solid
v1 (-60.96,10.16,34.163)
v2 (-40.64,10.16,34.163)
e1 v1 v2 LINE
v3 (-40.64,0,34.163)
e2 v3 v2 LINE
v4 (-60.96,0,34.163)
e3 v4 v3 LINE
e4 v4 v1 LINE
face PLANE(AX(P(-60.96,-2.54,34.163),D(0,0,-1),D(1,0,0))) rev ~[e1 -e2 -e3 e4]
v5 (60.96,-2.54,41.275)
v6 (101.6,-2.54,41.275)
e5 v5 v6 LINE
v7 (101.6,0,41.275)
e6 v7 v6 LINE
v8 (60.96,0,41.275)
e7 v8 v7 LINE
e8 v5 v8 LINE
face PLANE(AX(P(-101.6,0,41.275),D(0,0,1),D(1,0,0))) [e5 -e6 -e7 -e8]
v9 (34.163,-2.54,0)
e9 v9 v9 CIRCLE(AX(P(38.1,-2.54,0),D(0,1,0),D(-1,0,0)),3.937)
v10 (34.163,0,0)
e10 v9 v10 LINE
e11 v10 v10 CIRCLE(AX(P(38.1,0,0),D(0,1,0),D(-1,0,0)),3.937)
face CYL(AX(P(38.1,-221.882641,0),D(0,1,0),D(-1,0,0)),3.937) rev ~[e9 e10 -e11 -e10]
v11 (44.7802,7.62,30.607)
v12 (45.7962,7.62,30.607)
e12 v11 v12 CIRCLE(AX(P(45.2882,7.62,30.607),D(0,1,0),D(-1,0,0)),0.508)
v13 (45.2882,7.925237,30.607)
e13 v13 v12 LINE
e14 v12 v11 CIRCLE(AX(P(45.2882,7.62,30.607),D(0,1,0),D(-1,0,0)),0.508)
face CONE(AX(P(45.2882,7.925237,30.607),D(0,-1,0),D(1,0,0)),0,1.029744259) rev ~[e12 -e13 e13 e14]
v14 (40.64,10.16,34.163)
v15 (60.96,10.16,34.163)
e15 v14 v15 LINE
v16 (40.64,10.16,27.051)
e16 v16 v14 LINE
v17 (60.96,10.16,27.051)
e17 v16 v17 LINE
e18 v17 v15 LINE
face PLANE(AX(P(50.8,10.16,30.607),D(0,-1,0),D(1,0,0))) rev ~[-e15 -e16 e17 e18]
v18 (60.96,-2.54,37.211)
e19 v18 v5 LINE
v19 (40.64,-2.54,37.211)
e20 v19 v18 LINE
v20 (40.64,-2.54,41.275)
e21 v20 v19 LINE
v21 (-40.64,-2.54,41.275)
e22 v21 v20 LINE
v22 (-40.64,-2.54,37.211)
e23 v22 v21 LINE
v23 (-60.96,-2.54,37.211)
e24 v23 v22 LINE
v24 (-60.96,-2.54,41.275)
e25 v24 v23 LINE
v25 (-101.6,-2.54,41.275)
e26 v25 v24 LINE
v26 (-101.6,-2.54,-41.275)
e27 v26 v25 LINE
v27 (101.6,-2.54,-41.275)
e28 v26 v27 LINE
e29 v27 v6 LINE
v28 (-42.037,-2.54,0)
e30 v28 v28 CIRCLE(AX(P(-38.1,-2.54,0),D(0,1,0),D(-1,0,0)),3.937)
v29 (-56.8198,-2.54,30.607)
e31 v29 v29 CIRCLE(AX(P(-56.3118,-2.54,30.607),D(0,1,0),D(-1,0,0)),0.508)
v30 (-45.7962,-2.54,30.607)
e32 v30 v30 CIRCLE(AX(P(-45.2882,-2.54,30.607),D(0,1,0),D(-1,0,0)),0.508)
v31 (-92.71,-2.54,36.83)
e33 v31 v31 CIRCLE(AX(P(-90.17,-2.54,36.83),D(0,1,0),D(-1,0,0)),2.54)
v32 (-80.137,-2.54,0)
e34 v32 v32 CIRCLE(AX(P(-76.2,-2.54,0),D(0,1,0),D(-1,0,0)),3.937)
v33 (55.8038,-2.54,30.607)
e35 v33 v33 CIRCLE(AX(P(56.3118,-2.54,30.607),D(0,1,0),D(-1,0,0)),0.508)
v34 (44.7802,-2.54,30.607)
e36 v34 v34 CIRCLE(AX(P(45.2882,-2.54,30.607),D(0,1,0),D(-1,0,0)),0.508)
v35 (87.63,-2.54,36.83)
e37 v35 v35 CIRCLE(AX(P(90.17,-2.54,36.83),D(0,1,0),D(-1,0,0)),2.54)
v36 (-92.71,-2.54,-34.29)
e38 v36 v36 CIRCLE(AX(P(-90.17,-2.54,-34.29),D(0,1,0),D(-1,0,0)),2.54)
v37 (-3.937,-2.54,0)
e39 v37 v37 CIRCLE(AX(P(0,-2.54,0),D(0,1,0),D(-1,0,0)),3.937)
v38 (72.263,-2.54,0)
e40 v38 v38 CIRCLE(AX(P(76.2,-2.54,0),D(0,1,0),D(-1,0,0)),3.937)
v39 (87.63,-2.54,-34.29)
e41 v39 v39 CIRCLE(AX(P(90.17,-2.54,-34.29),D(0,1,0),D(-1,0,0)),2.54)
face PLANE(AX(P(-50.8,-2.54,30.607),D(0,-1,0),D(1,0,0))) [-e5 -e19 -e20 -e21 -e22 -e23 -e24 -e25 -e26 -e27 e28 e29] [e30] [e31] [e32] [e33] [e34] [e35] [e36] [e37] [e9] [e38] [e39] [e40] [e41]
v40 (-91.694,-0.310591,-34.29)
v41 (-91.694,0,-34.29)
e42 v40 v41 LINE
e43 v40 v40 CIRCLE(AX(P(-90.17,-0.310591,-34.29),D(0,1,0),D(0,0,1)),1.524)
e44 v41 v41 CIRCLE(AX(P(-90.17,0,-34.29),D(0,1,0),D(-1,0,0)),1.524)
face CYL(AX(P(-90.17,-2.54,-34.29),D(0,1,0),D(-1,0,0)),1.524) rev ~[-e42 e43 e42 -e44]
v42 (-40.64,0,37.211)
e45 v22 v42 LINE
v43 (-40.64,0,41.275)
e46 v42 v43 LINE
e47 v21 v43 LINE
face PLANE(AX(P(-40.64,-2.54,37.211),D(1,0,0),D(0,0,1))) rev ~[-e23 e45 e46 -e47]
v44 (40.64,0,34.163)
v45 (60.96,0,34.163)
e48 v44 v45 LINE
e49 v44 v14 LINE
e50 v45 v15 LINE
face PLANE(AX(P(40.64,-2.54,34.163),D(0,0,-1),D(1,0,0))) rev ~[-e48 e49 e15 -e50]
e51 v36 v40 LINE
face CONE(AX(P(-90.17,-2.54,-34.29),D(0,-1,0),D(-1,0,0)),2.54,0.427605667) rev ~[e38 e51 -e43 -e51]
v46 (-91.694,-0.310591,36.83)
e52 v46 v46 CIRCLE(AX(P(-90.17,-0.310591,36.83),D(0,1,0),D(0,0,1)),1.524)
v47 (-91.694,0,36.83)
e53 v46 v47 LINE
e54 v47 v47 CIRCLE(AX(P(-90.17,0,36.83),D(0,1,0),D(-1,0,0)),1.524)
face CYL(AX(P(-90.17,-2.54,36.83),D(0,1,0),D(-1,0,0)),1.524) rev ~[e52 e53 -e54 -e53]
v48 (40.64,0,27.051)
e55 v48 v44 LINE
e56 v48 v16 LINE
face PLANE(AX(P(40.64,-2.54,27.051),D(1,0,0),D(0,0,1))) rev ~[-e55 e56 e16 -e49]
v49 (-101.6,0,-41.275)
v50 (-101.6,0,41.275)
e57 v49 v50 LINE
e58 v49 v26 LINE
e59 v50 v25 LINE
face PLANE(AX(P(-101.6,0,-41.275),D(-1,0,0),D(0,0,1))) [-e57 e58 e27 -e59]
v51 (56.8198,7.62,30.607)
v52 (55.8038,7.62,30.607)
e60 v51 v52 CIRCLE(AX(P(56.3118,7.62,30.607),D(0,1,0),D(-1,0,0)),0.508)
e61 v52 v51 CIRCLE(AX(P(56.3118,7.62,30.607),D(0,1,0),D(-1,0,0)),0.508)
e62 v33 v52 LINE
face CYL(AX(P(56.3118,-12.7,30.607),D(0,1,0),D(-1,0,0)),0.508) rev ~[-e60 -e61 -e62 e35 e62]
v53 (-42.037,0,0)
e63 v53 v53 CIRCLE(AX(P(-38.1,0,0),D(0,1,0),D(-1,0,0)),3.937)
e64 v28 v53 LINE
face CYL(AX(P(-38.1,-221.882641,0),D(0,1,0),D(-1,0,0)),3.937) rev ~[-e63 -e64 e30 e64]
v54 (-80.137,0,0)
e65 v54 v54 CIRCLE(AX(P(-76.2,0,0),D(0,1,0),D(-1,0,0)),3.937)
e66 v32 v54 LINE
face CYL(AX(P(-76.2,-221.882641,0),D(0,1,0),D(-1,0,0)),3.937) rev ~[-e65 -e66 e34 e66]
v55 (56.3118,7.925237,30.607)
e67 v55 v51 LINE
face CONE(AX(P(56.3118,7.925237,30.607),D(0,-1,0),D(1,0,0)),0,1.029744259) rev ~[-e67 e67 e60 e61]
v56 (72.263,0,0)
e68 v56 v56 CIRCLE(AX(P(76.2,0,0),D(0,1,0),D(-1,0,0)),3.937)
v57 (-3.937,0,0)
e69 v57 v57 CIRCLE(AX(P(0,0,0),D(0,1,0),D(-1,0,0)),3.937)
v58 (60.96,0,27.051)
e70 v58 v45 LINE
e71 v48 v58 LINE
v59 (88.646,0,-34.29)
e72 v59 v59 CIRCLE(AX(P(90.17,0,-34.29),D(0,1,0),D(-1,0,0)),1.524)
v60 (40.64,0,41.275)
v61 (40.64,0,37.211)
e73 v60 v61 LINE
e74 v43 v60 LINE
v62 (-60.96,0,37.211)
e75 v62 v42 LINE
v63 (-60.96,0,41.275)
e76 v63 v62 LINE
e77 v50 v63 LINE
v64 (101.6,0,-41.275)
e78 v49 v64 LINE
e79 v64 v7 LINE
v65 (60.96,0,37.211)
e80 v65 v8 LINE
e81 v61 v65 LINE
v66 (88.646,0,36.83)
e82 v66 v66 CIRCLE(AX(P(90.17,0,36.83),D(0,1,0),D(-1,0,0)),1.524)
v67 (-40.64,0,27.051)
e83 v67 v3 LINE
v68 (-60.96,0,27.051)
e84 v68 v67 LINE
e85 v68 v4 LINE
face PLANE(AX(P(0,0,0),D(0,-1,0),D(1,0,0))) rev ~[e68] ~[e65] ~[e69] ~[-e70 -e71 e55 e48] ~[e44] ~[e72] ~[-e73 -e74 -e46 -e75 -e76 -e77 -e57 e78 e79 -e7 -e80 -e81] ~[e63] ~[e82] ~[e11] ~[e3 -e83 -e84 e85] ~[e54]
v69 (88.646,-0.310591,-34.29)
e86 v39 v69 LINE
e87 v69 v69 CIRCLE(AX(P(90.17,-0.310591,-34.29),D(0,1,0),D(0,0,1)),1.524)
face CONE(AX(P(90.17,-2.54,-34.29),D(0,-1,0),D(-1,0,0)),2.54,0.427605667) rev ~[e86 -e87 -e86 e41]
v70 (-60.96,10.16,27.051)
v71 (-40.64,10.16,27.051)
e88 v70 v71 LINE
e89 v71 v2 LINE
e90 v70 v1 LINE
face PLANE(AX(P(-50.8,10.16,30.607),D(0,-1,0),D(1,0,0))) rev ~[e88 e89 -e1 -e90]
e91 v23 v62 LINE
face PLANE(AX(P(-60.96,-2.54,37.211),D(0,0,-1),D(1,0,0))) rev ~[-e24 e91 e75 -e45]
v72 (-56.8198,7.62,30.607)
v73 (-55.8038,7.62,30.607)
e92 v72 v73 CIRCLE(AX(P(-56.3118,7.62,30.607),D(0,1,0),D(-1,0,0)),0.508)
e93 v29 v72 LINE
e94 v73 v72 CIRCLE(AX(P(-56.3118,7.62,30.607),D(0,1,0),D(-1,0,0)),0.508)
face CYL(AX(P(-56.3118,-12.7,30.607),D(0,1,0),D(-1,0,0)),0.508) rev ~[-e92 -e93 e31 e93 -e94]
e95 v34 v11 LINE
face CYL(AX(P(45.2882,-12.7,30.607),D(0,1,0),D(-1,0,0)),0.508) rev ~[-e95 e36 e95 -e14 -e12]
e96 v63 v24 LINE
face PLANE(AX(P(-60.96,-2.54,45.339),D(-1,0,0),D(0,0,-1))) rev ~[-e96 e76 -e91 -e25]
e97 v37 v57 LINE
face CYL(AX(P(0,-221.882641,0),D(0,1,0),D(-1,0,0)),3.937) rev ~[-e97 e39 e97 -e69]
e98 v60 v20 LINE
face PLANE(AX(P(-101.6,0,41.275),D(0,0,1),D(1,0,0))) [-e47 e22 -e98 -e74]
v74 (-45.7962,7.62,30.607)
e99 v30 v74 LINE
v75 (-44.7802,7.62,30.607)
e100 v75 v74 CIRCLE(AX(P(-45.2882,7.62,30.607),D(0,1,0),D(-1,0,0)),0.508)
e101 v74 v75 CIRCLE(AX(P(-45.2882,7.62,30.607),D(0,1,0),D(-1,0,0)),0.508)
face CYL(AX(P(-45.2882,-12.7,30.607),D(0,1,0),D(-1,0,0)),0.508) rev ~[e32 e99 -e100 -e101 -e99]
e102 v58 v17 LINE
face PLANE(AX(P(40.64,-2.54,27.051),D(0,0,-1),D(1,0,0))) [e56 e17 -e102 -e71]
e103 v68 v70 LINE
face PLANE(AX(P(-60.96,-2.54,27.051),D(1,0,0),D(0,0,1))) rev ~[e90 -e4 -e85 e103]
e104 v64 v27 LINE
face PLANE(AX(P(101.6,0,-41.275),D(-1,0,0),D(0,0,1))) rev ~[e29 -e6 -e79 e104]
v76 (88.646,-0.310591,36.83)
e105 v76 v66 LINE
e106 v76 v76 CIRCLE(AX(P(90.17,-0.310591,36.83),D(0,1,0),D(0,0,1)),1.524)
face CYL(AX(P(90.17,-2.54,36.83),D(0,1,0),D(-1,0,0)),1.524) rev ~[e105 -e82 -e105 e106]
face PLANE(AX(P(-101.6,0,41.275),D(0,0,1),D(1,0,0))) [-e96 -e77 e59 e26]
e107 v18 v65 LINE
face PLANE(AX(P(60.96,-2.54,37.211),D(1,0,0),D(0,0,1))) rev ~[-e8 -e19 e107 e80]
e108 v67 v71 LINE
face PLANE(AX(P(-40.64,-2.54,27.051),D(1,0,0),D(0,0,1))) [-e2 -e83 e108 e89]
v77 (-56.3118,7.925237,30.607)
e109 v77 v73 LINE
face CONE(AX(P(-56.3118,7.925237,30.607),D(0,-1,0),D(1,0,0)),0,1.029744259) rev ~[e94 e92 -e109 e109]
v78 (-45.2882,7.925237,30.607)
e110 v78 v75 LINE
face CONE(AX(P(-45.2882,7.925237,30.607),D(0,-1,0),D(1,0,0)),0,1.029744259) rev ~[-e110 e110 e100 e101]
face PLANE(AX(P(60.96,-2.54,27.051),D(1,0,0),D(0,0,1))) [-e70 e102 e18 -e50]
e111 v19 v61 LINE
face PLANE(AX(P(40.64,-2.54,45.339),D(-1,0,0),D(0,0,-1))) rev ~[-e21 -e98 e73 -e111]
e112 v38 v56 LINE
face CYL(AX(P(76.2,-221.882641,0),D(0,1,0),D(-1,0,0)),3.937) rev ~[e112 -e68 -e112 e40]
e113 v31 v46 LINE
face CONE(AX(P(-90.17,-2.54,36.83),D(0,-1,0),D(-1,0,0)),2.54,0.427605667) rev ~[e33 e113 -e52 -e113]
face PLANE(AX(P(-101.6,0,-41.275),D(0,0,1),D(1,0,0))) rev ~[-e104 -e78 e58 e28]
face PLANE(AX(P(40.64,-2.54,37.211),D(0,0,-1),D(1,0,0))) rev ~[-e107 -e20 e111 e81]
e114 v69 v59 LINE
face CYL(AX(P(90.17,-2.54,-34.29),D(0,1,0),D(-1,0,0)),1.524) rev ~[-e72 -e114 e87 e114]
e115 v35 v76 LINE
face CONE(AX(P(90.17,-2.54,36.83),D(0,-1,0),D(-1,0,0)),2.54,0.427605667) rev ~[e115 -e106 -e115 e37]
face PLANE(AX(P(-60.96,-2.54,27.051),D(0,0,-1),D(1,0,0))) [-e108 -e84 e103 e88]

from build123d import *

# Parameters (mm, degrees)
F0_W           = 203.2
F0_H           = 82.55
F1_DEPTH       = 2.54
F3_D           = 7.874
F4_DEPTH       = 25.4
F2_W           = 20.32
F2_H           = 7.112
F5_DEPTH       = 12.7
F6_D           = 3.048
F6_CSINK_D     = 5.08
F6_CSINK_ANGLE = 49
F7_D           = 1.016
F7_DEPTH       = 10.16
F7_TIP         = 0.3052371945


with BuildPart() as f1:
    # F0 (on Front) → F1 (new body)
    with BuildSketch(Plane.XZ):
        Rectangle(F0_W, F0_H)
    extrude(amount=F1_DEPTH)

    # F3 (through all)
    with Locations(Plane.XZ.offset(2.54)):
        with Locations((-76.2, 0), (-38.1, 0), (0, 0), (38.1, 0), (76.2, 0)):
            Hole(F3_D / 2)

    # F2 (on face) → F4 (cut)
    with BuildSketch(Plane.XZ.offset(2.54)):
        Polygon((-50.8, 41.275), (-40.64, 41.275), (-40.64, 45.339), (-60.96, 45.339), (-60.96, 41.275), align=None)
        Polygon((40.64, 45.339), (40.64, 41.275), (50.8, 41.275), (60.96, 41.275), (60.96, 45.339), align=None)
        Polygon((-40.64, 37.211), (-40.64, 41.275), (-50.8, 41.275), (-60.96, 41.275), (-60.96, 37.211), align=None)
        Polygon((50.8, 41.275), (40.64, 41.275), (40.64, 37.211), (60.96, 37.211), (60.96, 41.275), align=None)
    extrude(amount=-F4_DEPTH, mode=Mode.SUBTRACT)

    # F2 (on face) → F5 (join)
    with BuildSketch(Plane.XZ.offset(2.54)):
        with Locations((-50.8, 30.607)):
            Rectangle(F2_W, F2_H)
        with Locations((50.8, 30.607)):
            Rectangle(F2_W, F2_H)
    extrude(amount=-F5_DEPTH)

    # F6 (through all)
    with Locations(Plane.XZ.offset(2.54)):
        with Locations((-90.17, 36.83), (-90.17, -34.29), (90.17, 36.83), (90.17, -34.29)):
            CounterSinkHole(F6_D / 2, F6_CSINK_D / 2, counter_sink_angle=F6_CSINK_ANGLE)

    # F7
    with Locations(Plane.XZ.offset(2.54)):
        with Locations((-56.3118, 30.607), (-45.2882, 30.607), (45.2882, 30.607), (56.3118, 30.607)):
            Hole(F7_D / 2, depth=F7_DEPTH)
            with Locations((0, 0, -(F7_DEPTH + F7_TIP / 2))):  # 118° drill point
                Cone(0, F7_D / 2, F7_TIP, mode=Mode.SUBTRACT)


solid = f1.part
